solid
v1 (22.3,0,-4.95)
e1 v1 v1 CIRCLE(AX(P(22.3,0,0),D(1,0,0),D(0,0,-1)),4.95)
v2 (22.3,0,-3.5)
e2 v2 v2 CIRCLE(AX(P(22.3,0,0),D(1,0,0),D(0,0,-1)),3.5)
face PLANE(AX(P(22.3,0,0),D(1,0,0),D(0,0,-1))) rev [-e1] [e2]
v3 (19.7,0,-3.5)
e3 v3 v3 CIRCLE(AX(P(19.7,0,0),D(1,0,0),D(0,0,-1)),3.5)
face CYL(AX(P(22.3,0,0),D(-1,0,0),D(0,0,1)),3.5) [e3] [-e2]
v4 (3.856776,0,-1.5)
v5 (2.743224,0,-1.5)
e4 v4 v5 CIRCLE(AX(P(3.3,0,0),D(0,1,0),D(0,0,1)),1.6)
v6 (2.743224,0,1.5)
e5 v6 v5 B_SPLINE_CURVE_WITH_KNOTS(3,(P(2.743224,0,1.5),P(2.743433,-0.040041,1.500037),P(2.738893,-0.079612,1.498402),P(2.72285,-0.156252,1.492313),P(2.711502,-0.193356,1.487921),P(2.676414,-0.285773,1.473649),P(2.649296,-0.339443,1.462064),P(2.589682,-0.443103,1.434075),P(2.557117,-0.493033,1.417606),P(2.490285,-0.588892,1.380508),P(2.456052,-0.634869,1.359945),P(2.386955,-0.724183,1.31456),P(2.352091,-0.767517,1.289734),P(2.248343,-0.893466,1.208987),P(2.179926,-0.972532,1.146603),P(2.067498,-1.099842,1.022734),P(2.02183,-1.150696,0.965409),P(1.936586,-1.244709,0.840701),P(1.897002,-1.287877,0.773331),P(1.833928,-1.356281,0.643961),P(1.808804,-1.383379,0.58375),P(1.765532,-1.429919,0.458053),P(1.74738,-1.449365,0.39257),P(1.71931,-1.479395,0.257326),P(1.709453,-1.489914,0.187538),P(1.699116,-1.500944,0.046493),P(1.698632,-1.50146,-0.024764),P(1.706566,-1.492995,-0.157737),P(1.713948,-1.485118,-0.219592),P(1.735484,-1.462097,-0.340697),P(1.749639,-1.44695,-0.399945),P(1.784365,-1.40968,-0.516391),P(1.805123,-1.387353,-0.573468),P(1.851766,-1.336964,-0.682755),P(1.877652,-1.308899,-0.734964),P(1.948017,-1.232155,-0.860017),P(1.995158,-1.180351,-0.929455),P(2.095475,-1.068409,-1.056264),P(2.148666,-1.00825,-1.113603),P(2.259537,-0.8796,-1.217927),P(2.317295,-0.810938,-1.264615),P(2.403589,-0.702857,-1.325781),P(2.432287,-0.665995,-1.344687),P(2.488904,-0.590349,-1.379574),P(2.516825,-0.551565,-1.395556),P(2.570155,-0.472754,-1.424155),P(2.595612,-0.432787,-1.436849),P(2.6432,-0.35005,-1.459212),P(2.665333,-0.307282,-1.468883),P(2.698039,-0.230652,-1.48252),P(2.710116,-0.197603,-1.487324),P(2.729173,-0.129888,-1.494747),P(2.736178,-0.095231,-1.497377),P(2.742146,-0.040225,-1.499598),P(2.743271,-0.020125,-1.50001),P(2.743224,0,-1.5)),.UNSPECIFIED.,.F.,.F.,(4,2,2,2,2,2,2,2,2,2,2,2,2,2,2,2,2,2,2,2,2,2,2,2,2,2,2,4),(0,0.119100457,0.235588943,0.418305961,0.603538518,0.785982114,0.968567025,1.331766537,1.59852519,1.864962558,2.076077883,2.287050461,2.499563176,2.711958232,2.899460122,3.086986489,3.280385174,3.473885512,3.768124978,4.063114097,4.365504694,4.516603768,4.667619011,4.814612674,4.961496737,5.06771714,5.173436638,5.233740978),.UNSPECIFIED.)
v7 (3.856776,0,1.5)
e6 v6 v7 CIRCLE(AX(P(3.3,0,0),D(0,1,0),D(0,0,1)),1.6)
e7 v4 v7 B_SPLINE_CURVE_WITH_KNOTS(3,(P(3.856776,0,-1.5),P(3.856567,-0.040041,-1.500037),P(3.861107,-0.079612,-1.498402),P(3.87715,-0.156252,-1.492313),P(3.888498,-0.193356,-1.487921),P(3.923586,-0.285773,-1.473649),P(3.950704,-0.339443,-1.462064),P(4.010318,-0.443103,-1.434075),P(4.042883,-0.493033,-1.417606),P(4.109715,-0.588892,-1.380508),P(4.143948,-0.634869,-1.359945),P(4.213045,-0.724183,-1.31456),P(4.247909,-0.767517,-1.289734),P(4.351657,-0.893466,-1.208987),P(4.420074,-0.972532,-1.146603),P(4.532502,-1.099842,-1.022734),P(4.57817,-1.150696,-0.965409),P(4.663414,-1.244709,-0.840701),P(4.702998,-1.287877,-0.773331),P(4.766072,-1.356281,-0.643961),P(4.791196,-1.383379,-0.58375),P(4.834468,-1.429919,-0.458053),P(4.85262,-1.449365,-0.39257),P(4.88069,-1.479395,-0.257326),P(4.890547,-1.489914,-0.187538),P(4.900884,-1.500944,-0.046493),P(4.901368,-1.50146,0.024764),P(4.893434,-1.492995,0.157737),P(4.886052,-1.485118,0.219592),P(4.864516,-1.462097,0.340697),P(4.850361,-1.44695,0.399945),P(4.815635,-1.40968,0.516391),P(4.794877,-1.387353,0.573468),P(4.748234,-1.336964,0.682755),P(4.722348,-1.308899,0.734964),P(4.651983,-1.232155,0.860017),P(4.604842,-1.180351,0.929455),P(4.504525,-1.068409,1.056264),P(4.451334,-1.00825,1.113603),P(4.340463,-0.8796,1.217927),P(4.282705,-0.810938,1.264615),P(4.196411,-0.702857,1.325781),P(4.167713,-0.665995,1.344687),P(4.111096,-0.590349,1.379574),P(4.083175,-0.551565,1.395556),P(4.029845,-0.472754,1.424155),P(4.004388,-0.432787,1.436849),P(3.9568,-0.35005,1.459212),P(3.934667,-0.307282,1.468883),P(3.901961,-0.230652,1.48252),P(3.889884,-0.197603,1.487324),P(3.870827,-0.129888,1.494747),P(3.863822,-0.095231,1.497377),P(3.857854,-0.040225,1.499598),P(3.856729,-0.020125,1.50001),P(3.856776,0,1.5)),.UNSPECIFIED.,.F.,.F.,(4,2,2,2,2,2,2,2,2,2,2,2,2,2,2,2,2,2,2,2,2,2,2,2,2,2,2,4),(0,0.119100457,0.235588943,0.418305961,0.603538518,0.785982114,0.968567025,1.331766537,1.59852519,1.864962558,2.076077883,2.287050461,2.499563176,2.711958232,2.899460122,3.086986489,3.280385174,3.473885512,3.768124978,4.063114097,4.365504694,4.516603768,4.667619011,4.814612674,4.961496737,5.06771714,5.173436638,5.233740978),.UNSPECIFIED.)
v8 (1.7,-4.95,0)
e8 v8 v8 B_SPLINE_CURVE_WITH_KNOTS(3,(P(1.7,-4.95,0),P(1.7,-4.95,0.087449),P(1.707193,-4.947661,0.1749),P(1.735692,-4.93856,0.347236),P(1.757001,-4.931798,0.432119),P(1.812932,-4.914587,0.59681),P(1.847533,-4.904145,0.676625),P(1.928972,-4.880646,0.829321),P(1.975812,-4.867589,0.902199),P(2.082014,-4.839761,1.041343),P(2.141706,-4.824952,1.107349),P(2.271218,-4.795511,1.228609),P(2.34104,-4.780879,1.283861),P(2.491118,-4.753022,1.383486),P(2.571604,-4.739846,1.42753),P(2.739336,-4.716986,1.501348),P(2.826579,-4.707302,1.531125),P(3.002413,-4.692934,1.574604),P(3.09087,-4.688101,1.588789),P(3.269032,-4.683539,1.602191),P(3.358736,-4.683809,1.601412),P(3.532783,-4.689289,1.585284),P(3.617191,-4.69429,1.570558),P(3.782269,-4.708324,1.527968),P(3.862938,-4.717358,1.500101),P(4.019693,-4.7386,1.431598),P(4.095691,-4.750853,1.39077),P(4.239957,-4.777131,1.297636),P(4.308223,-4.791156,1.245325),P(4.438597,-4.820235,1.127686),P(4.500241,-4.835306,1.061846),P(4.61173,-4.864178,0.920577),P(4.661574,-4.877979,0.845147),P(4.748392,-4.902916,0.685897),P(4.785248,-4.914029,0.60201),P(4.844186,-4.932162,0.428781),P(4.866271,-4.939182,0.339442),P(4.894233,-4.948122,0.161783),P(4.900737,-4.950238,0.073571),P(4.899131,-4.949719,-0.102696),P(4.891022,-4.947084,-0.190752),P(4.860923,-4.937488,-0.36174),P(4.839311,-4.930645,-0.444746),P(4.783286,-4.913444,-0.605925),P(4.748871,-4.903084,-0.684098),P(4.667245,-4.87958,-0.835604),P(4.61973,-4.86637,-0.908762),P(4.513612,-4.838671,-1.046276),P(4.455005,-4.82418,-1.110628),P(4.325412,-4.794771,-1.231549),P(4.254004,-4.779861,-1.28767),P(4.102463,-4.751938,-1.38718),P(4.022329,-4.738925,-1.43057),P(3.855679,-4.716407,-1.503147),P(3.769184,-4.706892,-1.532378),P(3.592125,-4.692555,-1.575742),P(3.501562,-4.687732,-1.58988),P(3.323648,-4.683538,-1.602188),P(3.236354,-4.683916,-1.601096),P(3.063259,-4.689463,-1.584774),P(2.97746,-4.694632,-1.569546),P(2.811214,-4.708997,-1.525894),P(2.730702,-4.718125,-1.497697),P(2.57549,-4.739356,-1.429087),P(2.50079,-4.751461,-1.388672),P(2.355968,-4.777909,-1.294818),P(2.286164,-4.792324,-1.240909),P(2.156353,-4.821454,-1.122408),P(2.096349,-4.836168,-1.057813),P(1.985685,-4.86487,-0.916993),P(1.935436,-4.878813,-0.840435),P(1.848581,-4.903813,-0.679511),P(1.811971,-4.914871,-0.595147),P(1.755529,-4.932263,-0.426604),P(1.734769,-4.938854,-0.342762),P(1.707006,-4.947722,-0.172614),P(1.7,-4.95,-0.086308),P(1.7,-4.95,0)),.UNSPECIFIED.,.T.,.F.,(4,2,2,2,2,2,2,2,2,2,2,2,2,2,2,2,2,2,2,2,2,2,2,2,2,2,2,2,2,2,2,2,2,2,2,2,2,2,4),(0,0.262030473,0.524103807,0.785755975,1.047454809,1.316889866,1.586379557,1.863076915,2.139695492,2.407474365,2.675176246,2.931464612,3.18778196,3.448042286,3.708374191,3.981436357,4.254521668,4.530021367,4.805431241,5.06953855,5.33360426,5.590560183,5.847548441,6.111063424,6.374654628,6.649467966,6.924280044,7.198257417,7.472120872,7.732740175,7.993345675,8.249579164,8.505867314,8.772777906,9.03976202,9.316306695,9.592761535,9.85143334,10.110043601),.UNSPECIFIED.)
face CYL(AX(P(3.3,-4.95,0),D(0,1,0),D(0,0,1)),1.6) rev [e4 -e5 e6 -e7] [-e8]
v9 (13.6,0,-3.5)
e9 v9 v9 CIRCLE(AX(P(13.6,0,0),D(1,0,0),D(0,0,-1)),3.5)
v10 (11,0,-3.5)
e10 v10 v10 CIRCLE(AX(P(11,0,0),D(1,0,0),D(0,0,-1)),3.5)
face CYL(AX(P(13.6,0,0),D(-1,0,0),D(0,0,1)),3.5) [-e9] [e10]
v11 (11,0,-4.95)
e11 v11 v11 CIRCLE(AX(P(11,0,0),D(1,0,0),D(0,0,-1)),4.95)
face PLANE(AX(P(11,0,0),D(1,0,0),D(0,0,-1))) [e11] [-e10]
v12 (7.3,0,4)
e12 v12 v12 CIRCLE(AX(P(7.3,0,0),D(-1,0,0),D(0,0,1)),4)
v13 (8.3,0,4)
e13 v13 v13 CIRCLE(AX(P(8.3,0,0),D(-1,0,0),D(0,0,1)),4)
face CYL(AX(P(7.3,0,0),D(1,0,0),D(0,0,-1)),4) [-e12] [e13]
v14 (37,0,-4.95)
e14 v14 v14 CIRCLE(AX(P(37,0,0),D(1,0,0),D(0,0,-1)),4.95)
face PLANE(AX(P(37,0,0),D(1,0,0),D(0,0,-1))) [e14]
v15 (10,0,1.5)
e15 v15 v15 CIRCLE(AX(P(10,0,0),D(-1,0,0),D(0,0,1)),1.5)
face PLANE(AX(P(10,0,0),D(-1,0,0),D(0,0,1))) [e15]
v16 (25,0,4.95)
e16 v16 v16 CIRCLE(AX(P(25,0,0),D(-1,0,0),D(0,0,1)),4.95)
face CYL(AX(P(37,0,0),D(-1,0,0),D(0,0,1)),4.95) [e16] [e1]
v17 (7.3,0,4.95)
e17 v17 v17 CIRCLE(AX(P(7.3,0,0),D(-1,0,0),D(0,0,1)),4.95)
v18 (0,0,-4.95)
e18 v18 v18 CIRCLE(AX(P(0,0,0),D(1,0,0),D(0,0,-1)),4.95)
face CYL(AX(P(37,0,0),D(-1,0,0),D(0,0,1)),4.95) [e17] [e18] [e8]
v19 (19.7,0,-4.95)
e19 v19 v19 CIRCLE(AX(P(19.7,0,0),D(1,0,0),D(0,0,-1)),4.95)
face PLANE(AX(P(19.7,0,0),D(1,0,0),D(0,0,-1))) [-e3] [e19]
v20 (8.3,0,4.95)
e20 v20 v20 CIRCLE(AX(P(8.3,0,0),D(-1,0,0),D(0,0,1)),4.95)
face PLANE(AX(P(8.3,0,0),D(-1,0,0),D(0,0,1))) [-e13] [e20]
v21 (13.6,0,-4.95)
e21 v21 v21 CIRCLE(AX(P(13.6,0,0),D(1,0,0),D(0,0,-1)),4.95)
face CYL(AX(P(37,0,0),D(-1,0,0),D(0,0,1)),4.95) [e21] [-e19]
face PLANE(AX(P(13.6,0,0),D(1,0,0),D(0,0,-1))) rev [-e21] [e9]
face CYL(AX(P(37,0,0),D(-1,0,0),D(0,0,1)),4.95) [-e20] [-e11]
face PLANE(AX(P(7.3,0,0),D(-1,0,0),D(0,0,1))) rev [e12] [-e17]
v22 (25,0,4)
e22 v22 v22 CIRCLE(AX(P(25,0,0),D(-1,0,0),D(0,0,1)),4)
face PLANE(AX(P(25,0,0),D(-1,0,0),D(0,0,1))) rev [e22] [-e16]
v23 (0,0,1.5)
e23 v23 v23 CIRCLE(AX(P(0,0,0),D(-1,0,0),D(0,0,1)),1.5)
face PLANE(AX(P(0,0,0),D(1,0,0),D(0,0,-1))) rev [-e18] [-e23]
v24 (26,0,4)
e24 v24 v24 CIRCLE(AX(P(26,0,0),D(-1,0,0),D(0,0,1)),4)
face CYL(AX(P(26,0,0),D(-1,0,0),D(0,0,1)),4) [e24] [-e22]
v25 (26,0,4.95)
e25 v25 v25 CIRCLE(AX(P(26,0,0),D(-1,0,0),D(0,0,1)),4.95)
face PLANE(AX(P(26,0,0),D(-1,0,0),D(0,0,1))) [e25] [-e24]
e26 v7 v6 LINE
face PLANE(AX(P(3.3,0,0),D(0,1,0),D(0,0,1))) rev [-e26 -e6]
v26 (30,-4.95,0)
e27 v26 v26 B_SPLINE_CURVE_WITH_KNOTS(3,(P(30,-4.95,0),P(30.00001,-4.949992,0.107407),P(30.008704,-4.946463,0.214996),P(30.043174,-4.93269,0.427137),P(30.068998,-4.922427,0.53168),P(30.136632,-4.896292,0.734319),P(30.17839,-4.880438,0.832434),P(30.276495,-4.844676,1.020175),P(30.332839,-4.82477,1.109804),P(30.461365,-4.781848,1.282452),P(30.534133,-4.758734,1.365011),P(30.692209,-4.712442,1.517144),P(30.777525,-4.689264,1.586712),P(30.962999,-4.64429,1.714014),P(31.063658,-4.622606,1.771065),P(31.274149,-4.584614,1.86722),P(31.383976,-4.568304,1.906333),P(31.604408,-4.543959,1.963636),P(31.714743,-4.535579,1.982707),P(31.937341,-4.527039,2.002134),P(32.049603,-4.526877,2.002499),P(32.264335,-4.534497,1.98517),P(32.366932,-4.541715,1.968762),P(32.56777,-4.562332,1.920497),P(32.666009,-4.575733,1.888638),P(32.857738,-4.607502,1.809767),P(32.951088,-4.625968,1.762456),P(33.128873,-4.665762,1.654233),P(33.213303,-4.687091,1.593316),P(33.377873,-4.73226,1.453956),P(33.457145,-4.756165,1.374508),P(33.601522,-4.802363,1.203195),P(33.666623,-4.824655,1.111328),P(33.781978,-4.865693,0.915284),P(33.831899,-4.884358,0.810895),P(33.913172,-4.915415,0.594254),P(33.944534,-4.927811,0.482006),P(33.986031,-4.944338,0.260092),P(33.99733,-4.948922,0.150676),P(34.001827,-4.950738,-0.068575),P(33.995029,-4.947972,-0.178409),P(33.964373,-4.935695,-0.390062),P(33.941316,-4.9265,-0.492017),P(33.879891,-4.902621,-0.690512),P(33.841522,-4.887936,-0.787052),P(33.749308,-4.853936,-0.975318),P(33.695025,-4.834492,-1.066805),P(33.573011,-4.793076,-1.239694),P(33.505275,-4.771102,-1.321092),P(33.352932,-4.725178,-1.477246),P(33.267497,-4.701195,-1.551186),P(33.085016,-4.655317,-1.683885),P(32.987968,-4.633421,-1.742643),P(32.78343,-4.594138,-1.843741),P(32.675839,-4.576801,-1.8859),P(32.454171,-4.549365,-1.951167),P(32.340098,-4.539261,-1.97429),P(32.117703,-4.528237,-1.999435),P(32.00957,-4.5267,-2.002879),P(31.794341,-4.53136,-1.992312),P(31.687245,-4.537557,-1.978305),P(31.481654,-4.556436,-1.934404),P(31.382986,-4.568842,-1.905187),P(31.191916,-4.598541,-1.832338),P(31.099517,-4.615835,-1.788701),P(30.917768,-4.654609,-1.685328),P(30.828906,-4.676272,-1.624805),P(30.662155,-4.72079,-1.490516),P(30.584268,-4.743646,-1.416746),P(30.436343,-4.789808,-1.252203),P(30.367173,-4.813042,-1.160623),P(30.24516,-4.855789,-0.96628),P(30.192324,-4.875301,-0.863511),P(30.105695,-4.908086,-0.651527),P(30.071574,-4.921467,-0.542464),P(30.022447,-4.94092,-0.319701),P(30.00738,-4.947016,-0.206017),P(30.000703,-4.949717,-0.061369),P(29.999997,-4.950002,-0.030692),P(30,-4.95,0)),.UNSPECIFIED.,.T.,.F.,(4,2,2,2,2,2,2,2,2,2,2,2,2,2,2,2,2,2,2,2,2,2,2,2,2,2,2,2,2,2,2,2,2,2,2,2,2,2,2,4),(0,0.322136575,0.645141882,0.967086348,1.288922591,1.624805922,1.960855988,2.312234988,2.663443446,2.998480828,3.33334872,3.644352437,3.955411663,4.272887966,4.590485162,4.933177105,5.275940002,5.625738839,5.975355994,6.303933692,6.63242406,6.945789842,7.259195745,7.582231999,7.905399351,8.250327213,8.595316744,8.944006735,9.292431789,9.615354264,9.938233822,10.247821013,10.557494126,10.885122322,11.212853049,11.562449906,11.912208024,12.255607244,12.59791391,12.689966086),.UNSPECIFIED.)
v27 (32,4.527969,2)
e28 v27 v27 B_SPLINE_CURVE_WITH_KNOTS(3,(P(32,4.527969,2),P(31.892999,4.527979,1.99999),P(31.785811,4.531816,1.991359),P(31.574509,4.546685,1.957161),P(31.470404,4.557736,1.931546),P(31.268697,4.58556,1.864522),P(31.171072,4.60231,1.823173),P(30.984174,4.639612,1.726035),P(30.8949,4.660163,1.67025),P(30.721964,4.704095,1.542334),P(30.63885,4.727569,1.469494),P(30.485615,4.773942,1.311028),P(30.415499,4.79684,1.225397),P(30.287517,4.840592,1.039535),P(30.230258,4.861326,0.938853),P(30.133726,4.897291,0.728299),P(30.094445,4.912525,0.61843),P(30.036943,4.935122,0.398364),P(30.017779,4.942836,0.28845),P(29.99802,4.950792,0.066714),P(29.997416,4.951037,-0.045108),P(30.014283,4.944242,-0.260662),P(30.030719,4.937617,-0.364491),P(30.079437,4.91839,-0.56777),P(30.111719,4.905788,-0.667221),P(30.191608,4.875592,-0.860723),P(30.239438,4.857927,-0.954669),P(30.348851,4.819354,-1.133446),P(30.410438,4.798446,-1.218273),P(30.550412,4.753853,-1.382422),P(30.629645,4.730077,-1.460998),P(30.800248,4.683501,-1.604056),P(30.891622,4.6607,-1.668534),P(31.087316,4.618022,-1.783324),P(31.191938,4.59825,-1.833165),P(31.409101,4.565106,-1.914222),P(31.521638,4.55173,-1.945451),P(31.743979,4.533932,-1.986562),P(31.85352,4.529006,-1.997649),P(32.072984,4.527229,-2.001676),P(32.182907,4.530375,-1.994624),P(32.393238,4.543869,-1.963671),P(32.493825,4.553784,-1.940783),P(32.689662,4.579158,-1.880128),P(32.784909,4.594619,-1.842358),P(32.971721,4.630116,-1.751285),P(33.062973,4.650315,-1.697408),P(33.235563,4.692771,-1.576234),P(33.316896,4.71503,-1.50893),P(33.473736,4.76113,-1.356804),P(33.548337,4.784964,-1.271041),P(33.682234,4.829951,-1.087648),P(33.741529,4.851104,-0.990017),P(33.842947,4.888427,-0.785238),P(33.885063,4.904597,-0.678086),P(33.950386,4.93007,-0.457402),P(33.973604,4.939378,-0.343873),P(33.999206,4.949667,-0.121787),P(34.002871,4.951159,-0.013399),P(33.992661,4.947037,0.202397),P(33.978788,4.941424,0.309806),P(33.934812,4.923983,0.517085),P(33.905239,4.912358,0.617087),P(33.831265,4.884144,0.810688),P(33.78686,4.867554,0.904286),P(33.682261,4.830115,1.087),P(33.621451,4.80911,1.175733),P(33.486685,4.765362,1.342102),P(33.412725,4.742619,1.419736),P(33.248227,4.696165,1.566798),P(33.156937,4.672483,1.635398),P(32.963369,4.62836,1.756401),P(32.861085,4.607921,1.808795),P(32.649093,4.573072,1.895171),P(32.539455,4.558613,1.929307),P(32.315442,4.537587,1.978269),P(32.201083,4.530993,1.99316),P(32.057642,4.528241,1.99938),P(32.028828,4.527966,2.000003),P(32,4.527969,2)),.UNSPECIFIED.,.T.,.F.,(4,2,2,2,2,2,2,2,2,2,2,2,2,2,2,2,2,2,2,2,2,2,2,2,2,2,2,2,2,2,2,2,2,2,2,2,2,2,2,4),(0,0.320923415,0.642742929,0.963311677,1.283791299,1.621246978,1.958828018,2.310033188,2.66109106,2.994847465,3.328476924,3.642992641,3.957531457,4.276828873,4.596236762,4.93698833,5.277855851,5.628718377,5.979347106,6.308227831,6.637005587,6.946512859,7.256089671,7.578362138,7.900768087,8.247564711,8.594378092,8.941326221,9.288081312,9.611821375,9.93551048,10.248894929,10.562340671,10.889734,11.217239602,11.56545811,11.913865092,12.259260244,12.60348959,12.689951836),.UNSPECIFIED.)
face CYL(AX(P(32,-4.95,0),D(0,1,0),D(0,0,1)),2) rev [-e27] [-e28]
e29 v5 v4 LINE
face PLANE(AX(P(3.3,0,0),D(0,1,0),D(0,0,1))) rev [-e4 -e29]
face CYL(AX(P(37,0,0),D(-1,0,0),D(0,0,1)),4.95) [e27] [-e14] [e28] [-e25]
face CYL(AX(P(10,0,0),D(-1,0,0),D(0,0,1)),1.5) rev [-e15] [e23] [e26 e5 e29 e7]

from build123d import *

# Parameters (mm, degrees)
SKETCH_1_R               = 4.95
EXTRUDE_1_DEPTH          = 37
CUT_EXTRUDE_START        = 11
SKETCH_1_3_R             = 4.95
SKETCH_1_3_R_2           = 3.5
CUT_EXTRUDE_1_DEPTH      = 2.6
CUT_EXTRUDE_START_2      = 19.7
SKETCH_1_4_R             = 4.95
SKETCH_1_4_R_2           = 3.5
CUT_EXTRUDE_2_DEPTH      = 2.6
SKETCH_2_R               = 1.5
CUT_EXTRUDE_3_DEPTH      = 10
SKETCH_3_R               = 1.6
CUT_EXTRUDE_4_DEPTH      = 38.656407157
CUT_EXTRUDE_START_3      = -7.3
SKETCH_4_R               = 4.95
SKETCH_4_R_2             = 4
CUT_EXTRUDE_5_DEPTH      = 1
CUT_EXTRUDE_START_4      = -25
SKETCH_4_2_R             = 4.95
SKETCH_4_2_R_2           = 4
CUT_EXTRUDE_6_DEPTH      = 1
CUT_EXTRUDE_7_DEPTH      = 38.656407184
CUT_EXTRUDE_7_DEPTH_BACK = 38.656407184
SKETCH_5_R               = 2


with BuildPart() as part:
    # Эскиз1 → Бобышка-Вытянуть1 (new body)
    with BuildSketch(Plane(origin=(0, 0, 0), x_dir=(0, 0, -1), z_dir=(1, 0, 0))):
        Circle(SKETCH_1_R)
    extrude(amount=EXTRUDE_1_DEPTH)

    # Эскиз1<3> → Вырез-Вытянуть1 (cut)
    with BuildSketch(Plane(origin=(0, 0, 0), x_dir=(0, 0, -1), z_dir=(1, 0, 0)).offset(CUT_EXTRUDE_START)):
        Circle(SKETCH_1_3_R)
        Circle(SKETCH_1_3_R_2, mode=Mode.SUBTRACT)
    extrude(amount=CUT_EXTRUDE_1_DEPTH, mode=Mode.SUBTRACT)

    # Эскиз1<4> → Вырез-Вытянуть2 (cut)
    with BuildSketch(Plane(origin=(0, 0, 0), x_dir=(0, 0, -1), z_dir=(1, 0, 0)).offset(CUT_EXTRUDE_START_2)):
        Circle(SKETCH_1_4_R)
        Circle(SKETCH_1_4_R_2, mode=Mode.SUBTRACT)
    extrude(amount=CUT_EXTRUDE_2_DEPTH, mode=Mode.SUBTRACT)

    # Эскиз2 → Вырез-Вытянуть3 (cut)
    with BuildSketch(Plane.ZY):
        Circle(SKETCH_2_R)
    extrude(amount=-CUT_EXTRUDE_3_DEPTH, mode=Mode.SUBTRACT)

    # Эскиз3 → Вырез-Вытянуть4 (cut, through all)
    with BuildSketch(Plane(origin=(0, 0, 0), x_dir=(1, 0, 0), z_dir=(0, 1, 0))):
        with Locations((3.3, 0)):
            Circle(SKETCH_3_R)
    extrude(amount=-CUT_EXTRUDE_4_DEPTH, mode=Mode.SUBTRACT)

    # Эскиз4 → Вырез-Вытянуть5 (cut)
    with BuildSketch(Plane.ZY.offset(CUT_EXTRUDE_START_3)):
        Circle(SKETCH_4_R)
        Circle(SKETCH_4_R_2, mode=Mode.SUBTRACT)
    extrude(amount=-CUT_EXTRUDE_5_DEPTH, mode=Mode.SUBTRACT)

    # Эскиз4<2> → Вырез-Вытянуть6 (cut)
    with BuildSketch(Plane.ZY.offset(CUT_EXTRUDE_START_4)):
        Circle(SKETCH_4_2_R)
        Circle(SKETCH_4_2_R_2, mode=Mode.SUBTRACT)
    extrude(amount=-CUT_EXTRUDE_6_DEPTH, mode=Mode.SUBTRACT)

    # Эскиз5 → Вырез-Вытянуть7 (cut, two sides: drawn at the far end of the back side and taken through both)
    with BuildSketch(Plane(origin=(0, 0, 0), x_dir=(1, 0, 0), z_dir=(0, 1, 0)).offset(-CUT_EXTRUDE_7_DEPTH_BACK)):
        with Locations((32, 0)):
            Circle(SKETCH_5_R)
    extrude(amount=CUT_EXTRUDE_7_DEPTH + CUT_EXTRUDE_7_DEPTH_BACK, mode=Mode.SUBTRACT)


solid = part.part
